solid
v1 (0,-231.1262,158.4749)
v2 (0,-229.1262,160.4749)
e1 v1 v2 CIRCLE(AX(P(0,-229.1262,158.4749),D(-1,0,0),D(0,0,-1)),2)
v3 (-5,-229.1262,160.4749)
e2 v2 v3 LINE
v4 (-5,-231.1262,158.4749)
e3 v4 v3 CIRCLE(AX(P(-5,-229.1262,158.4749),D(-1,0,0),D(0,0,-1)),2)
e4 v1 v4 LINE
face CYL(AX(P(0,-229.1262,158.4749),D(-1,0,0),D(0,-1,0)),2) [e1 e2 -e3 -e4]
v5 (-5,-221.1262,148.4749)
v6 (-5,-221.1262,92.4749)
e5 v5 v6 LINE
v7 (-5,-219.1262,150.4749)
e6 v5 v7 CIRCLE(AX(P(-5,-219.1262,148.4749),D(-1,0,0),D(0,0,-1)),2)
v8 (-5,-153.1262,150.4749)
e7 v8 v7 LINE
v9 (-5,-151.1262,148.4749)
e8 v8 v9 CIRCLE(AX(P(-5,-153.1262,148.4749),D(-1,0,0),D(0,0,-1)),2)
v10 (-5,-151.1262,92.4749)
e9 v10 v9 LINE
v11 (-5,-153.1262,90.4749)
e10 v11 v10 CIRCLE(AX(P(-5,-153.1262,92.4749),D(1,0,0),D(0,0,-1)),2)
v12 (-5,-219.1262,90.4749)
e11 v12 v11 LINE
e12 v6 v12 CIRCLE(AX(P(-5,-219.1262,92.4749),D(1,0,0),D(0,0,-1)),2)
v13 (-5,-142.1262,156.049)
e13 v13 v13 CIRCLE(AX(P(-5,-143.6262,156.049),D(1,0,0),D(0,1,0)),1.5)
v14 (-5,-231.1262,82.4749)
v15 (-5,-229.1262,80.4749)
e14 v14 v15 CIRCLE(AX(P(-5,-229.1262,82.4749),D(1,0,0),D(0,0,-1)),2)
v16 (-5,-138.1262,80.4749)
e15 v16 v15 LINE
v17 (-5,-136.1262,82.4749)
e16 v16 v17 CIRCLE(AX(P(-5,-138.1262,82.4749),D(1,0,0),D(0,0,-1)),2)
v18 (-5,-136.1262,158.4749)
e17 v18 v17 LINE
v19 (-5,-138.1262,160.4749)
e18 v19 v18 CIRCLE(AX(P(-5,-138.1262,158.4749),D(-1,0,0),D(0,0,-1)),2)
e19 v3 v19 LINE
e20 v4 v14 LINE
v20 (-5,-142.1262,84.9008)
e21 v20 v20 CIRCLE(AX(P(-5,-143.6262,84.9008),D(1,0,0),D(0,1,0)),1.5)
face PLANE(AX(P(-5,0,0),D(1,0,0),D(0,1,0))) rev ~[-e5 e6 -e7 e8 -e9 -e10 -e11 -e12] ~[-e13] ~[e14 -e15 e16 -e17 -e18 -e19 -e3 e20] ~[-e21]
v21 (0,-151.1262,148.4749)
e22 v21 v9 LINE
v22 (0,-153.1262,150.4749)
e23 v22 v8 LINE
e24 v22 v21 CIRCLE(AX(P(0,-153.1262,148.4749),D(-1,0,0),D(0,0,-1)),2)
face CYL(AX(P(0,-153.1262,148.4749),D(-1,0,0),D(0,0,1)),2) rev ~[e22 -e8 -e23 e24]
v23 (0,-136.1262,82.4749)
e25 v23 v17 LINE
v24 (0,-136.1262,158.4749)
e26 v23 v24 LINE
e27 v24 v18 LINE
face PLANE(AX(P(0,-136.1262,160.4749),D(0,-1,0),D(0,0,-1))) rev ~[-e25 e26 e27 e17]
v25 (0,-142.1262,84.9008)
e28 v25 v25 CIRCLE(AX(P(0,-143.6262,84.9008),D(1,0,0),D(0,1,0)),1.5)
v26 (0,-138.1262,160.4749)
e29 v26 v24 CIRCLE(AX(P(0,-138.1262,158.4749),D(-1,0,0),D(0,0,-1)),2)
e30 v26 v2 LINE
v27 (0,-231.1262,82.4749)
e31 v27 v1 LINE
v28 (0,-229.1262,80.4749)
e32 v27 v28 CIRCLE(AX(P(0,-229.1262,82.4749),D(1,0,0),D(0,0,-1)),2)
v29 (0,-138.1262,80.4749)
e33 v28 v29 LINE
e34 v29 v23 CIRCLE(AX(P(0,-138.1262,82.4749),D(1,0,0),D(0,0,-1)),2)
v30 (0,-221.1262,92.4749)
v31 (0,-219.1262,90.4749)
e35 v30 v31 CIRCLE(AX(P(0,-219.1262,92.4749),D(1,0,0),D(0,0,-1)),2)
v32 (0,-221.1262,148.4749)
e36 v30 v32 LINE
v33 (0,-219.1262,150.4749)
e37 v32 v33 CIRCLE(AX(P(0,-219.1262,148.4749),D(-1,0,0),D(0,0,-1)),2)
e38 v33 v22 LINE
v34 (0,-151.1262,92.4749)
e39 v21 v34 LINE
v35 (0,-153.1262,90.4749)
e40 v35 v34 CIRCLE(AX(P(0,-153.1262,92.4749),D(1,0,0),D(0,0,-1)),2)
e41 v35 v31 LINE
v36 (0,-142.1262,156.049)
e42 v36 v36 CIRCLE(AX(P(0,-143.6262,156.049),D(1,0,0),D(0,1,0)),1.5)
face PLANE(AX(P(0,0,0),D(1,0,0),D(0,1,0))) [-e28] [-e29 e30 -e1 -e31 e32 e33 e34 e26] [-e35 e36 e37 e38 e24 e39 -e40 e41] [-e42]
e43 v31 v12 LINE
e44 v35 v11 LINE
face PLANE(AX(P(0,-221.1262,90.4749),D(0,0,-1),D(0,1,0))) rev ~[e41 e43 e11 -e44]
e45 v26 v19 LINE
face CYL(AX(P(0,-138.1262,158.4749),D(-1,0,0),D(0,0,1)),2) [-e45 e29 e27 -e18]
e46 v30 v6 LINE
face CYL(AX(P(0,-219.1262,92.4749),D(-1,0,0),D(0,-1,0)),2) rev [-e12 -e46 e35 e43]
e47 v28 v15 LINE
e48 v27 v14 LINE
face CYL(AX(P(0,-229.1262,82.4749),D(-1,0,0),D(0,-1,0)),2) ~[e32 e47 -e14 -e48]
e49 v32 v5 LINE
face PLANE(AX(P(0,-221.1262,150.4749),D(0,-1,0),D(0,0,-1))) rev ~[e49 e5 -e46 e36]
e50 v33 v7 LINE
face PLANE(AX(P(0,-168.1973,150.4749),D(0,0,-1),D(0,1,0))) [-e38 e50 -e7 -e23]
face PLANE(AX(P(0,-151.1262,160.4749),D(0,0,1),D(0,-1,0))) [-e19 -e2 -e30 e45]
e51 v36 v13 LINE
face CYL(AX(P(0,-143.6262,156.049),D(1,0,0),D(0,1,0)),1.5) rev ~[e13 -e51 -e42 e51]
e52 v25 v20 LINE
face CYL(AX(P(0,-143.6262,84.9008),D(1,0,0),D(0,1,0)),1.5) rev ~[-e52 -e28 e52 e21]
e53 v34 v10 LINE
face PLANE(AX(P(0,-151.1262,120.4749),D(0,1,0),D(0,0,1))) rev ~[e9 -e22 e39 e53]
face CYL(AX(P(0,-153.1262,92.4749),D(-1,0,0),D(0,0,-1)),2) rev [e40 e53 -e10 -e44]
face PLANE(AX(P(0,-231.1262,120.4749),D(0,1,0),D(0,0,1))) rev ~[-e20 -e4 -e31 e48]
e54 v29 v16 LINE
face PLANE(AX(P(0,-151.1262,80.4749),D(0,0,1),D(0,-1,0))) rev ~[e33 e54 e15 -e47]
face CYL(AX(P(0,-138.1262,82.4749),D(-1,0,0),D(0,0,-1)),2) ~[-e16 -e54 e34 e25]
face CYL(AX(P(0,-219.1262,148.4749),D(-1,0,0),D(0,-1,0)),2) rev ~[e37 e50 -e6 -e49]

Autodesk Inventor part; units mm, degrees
ref_plane "YZ Plane" through (0, 0, 0) normal (1, 0, 0) x (0, 1, 0)
ref_plane "XZ Plane" through (0, 0, 0) normal (0, 1, 0) x (-1, 0, 0)
ref_plane "XY Plane" through (0, 0, 0) normal (0, 0, 1) x (1, 0, 0)
sketch "スケッチ1" plane through (0, 0, 0) normal (1, 0, 0) x (0, 1, 0)
  line L0 (-151.1262, 435.4749) -> (478.8738, 435.4749)
  line L1 (478.8738, 435.4749) -> (478.8738, -194.5251)
  line L2 (478.8738, -194.5251) -> (-151.1262, -194.5251)
  line L3 (-151.1262, -194.5251) -> (-151.1262, 435.4749)
  line L4 (-151.1262, 435.4749) -> (478.8738, -194.5251) construction
  line L5 (478.8738, 435.4749) -> (-151.1262, -194.5251) construction
  line L6 (-151.1262, 342.6932) -> (-136.1262, 342.6932)
  line L7 (-136.1262, 342.6932) -> (-136.1262, -101.7433)
  line L8 (-136.1262, -101.7433) -> (-151.1262, -101.7433)
  line L9 (-151.1262, -101.7433) -> (-151.1262, 342.6932)
  line L10 (386.092, 435.4749) -> (-58.3445, 435.4749)
  line L11 (-58.3445, 435.4749) -> (-58.3445, 420.4749)
  line L12 (-58.3445, 420.4749) -> (386.092, 420.4749)
  line L13 (386.092, 420.4749) -> (386.092, 435.4749)
  line L14 (-58.3445, 420.4749) -> (-136.1262, 342.6932)
  line L15 (-136.1262, 342.6932) -> (-136.1262, 435.4749)
  line L16 (-58.3445, 420.4749) -> (-136.1262, 342.6932)
  line L17 (-136.1262, 342.6932) -> (-129.0552, 335.6221)
  line L18 (-129.0552, 335.6221) -> (-51.2734, 413.4039)
  line L19 (-51.2734, 413.4039) -> (-58.3445, 420.4749)
  line L20 (53.0814, 420.4749) -> (-136.1262, 231.2673)
  line L21 (53.0814, 420.4749) -> (-136.1262, 231.2673)
  line L22 (-136.1262, 231.2673) -> (-129.0552, 224.1962)
  line L23 (-129.0552, 224.1962) -> (60.1525, 413.4039)
  line L24 (60.1525, 413.4039) -> (53.0814, 420.4749)
  line L25 (163.8738, 120.4749) -> (-792.7235, 120.4749)
  line L26 (-58.3445, -179.5251) -> (-136.1262, -101.7433)
  line L27 (-136.1262, -101.7433) -> (-129.0552, -94.6723)
  line L28 (-129.0552, -94.6723) -> (-51.2734, -172.454)
  line L29 (-51.2734, -172.454) -> (-58.3445, -179.5251)
  line L30 (53.0814, -179.5251) -> (-136.1262, 9.6826)
  line L31 (-136.1262, 9.6826) -> (-129.0552, 16.7536)
  line L32 (-129.0552, 16.7536) -> (60.1525, -172.454)
  line L33 (60.1525, -172.454) -> (53.0814, -179.5251)
  circle A0 centre (163.8738, 120.4749) radius 400
  line L34 (-166.1262, 145.4749) -> (-216.1262, 145.4749)
  line L35 (-216.1262, 145.4749) -> (-216.1262, 95.4749)
  line L36 (-216.1262, 95.4749) -> (-166.1262, 95.4749)
  line L37 (-166.1262, 95.4749) -> (-166.1262, 145.4749)
  line L38 (163.8738, 120.4749) -> (163.8738, -510.4429)
  line L39 (386.092, 420.4749) -> (463.8738, 342.6932)
  line L40 (463.8738, 342.6932) -> (456.8027, 335.6221)
  line L41 (456.8027, 335.6221) -> (379.0209, 413.4039)
  line L42 (379.0209, 413.4039) -> (386.092, 420.4749)
  line L43 (274.6661, 420.4749) -> (463.8738, 231.2673)
  line L44 (463.8738, 231.2673) -> (456.8027, 224.1962)
  line L45 (456.8027, 224.1962) -> (267.5951, 413.4039)
  line L46 (267.5951, 413.4039) -> (274.6661, 420.4749)
  line L47 (456.8027, 16.7536) -> (267.5951, -172.454)
  line L48 (463.8738, 9.6826) -> (456.8027, 16.7536)
  line L49 (274.6661, -179.5251) -> (463.8738, 9.6826)
  line L50 (267.5951, -172.454) -> (274.6661, -179.5251)
  line L51 (463.8738, -101.7433) -> (456.8027, -94.6723)
  line L52 (386.092, -179.5251) -> (463.8738, -101.7433)
  line L53 (456.8027, -94.6723) -> (379.0209, -172.454)
  line L54 (379.0209, -172.454) -> (386.092, -179.5251)
  line L55 (-151.1262, 160.4749) -> (-231.1262, 160.4749)
  line L56 (-231.1262, 160.4749) -> (-231.1262, 150.4749)
  line L57 (-231.1262, 150.4749) -> (-151.1262, 150.4749)
  line L58 (-151.1262, 150.4749) -> (-151.1262, 160.4749)
  line L59 (-231.1262, 150.4749) -> (-221.1262, 150.4749)
  line L60 (-221.1262, 150.4749) -> (-221.1262, 120.4749)
  line L61 (-221.1262, 120.4749) -> (-231.1262, 120.4749)
  line L62 (-231.1262, 120.4749) -> (-231.1262, 150.4749)
  line L63 (463.8738, 342.6932) -> (478.8738, 342.6932)
  line L64 (478.8738, 342.6932) -> (478.8738, -101.7433)
  line L65 (478.8738, -101.7433) -> (463.8738, -101.7433)
  line L66 (463.8738, -101.7433) -> (463.8738, 342.6932)
  line L67 (-58.3445, -194.5251) -> (386.092, -194.5251)
  line L68 (386.092, -194.5251) -> (386.092, -179.5251)
  line L69 (386.092, -179.5251) -> (-58.3445, -179.5251)
  line L70 (-58.3445, -179.5251) -> (-58.3445, -194.5251)
  line L71 (378.3744, 409.2217) -> (452.6206, 334.9755)
  line L72 (452.6206, 334.9755) -> (417.8105, 300.1654)
  line L73 (417.8105, 300.1654) -> (343.5643, 374.4116)
  line L74 (343.5643, 374.4116) -> (378.3744, 409.2217)
  line L75 (478.8738, 435.4749) -> (163.8738, 120.4749)
  line L76 (478.8738, 265.4749) -> (-151.1262, 265.4749)
  line L77 (-151.1262, 265.4749) -> (-151.1262, 245.4749)
  line L78 (-151.1262, 245.4749) -> (478.8738, 245.4749)
  line L79 (478.8738, 245.4749) -> (478.8738, 265.4749)
  line L80 (478.8738, -24.5251) -> (-151.1262, -24.5251)
  line L81 (-151.1262, -4.5251) -> (478.8738, -4.5251)
  line L82 (478.8738, 265.4749) -> (498.8738, 265.4749)
  line L83 (498.8738, 265.4749) -> (498.8738, 285.4749)
  line L84 (498.8738, 285.4749) -> (478.8738, 285.4749)
  line L85 (478.8738, 285.4749) -> (478.8738, 265.4749)
  line L86 (478.8738, -24.5251) -> (498.8738, -24.5251)
  line L87 (498.8738, -24.5251) -> (498.8738, -44.5251)
  line L88 (498.8738, -44.5251) -> (478.8738, -44.5251)
  line L89 (478.8738, -44.5251) -> (478.8738, -24.5251)
  line L90 (498.8738, 285.4749) -> (511.3738, 285.4749)
  line L91 (504.3091, -44.5251) -> (494.3091, -44.5251)
  circle A1 centre (675.8738, 120.4749) radius 122.5
  line L92 (478.8738, 265.4749) -> (498.8738, 265.4749)
  line L93 (498.8738, 265.4749) -> (498.8738, 245.4749)
  line L94 (498.8738, 245.4749) -> (478.8738, 245.4749)
  line L95 (478.8738, 245.4749) -> (478.8738, 265.4749)
  line L96 (478.8738, -24.5251) -> (498.8738, -24.5251)
  line L97 (498.8738, -24.5251) -> (498.8738, -4.5251)
  line L98 (498.8738, -4.5251) -> (478.8738, -4.5251)
  line L99 (478.8738, -4.5251) -> (478.8738, -24.5251)
  line L100 (289.8738, 265.4749) -> (309.8738, 265.4749)
  line L101 (309.8738, 265.4749) -> (309.8738, 285.4749)
  line L102 (309.8738, 285.4749) -> (289.8738, 285.4749)
  line L103 (289.8738, 285.4749) -> (289.8738, 265.4749)
  line L104 (-129.0552, 335.6221) -> (-151.1262, 335.6221)
  circle A2 centre (-143.6262, 352.4749) radius 1.5
  circle A3 centre (-143.6262, 342.4749) radius 1.5
  line L105 (-136.1262, 362.4749) -> (-151.1262, 362.4749)
  line L106 (-58.3445, 427.9749) -> (-143.6262, 427.9749)
  line L107 (-143.6262, 427.9749) -> (-143.6262, 362.4749)
  circle A4 centre (-68.1262, 427.9749) radius 1.5
  circle A5 centre (-58.1262, 427.9749) radius 1.5
  line L108 (-78.1262, 435.4749) -> (-78.1262, 420.4749)
  line L109 (-58.3445, 420.4749) -> (-78.1262, 420.4749)
  circle A6 centre (-68.1262, -187.0251) radius 1.5
  circle A7 centre (-58.1262, -187.0251) radius 1.5
  circle A8 centre (-143.6262, -111.5251) radius 1.5
  circle A9 centre (-143.6262, -101.5251) radius 1.5
  line L110 (-136.1262, -121.5251) -> (-151.1262, -121.5251)
  line L111 (-78.1262, -194.5251) -> (-78.1262, -179.5251)
  line L112 (405.8738, 435.4749) -> (405.8738, 420.4749)
  circle A10 centre (395.8738, 427.9749) radius 1.5
  circle A11 centre (385.8738, 427.9749) radius 1.5
  line L113 (463.8738, 362.4749) -> (478.8738, 362.4749)
  circle A12 centre (471.3738, 352.4749) radius 1.5
  circle A13 centre (471.3738, 342.4749) radius 1.5
  line L114 (463.8738, -121.5251) -> (478.8738, -121.5251)
  circle A14 centre (471.3738, -111.5251) radius 1.5
  circle A15 centre (471.3738, -101.5251) radius 1.5
  line L115 (405.8738, -194.5251) -> (405.8738, -179.5251)
  circle A16 centre (395.8738, -187.0251) radius 1.5
  circle A17 centre (385.8738, -187.0251) radius 1.5
  line L116 (-136.1262, -101.7433) -> (-136.1262, -121.5251)
  line L117 (-58.3445, -179.5251) -> (-78.1262, -179.5251)
  line L118 (405.8738, -179.5251) -> (386.092, -179.5251)
  line L119 (463.8738, -101.7433) -> (463.8738, -121.5251)
  line L120 (463.8738, 362.4749) -> (463.8738, 342.6932)
  line L121 (386.092, 420.4749) -> (405.8738, 420.4749)
  circle A18 centre (-129.0552, 342.6932) radius 1.5
  circle A19 centre (-121.9841, 349.7643) radius 1.5
  circle A20 centre (-129.0552, 231.2673) radius 1.5
  circle A21 centre (-121.9841, 238.3384) radius 1.5
  circle A22 centre (-65.4156, 406.3328) radius 1.5
  circle A23 centre (-58.3445, 413.4039) radius 1.5
  circle A24 centre (46.0103, 406.3328) radius 1.5
  circle A25 centre (53.0814, 413.4039) radius 1.5
  circle A26 centre (-58.3445, -172.454) radius 1.5
  circle A27 centre (-65.4156, -165.3829) radius 1.5
  circle A28 centre (53.0814, -172.454) radius 1.5
  circle A29 centre (46.0103, -165.3829) radius 1.5
  circle A30 centre (-129.0552, -101.7433) radius 1.5
  circle A31 centre (-121.9841, -108.8144) radius 1.5
  circle A32 centre (-121.9841, 2.6115) radius 1.5
  circle A33 centre (-129.0552, 9.6826) radius 1.5
  circle A34 centre (456.8027, 9.6826) radius 1.5
  circle A35 centre (449.7316, 2.6115) radius 1.5
  circle A36 centre (456.8027, -101.7433) radius 1.5
  circle A37 centre (449.7316, -108.8144) radius 1.5
  circle A38 centre (393.1631, -165.3829) radius 1.5
  circle A39 centre (386.092, -172.454) radius 1.5
  circle A40 centre (281.7372, -165.3829) radius 1.5
  circle A41 centre (274.6661, -172.454) radius 1.5
  circle A42 centre (449.7316, 238.3384) radius 1.5
  circle A43 centre (456.8027, 231.2673) radius 1.5
  circle A44 centre (456.8027, 342.6932) radius 1.5
  circle A45 centre (449.7316, 349.7643) radius 1.5
  circle A46 centre (393.1631, 406.3328) radius 1.5
  circle A47 centre (386.092, 413.4039) radius 1.5
  circle A48 centre (274.6661, 413.4039) radius 1.5
  circle A49 centre (281.7372, 406.3328) radius 1.5
  circle A50 centre (-143.6262, 231.049) radius 1.5
  circle A51 centre (-143.6262, 241.049) radius 1.5
  circle A52 centre (43.2996, 427.9749) radius 1.5
  circle A53 centre (53.2996, 427.9749) radius 1.5
  circle A54 centre (-143.6262, 9.9008) radius 1.5
  circle A55 centre (-143.6262, -0.0992) radius 1.5
  circle A56 centre (43.2996, -187.0251) radius 1.5
  circle A57 centre (53.2996, -187.0251) radius 1.5
  circle A58 centre (274.4479, 427.9749) radius 1.5
  circle A59 centre (284.4479, 427.9749) radius 1.5
  circle A60 centre (471.3738, 241.049) radius 1.5
  circle A61 centre (471.3738, 231.049) radius 1.5
  circle A62 centre (471.3738, -0.0992) radius 1.5
  circle A63 centre (471.3738, 9.9008) radius 1.5
  circle A64 centre (284.4479, -187.0251) radius 1.5
  circle A65 centre (274.4479, -187.0251) radius 1.5
  circle A66 centre (471.3738, 255.4749) radius 1.5
  circle A67 centre (471.3738, -14.5251) radius 1.5
  circle A68 centre (-143.6262, -14.5251) radius 1.5
  circle A69 centre (-143.6262, 255.4749) radius 1.5
  circle A70 centre (314.8738, 255.4749) radius 1.5
  circle A71 centre (314.8738, -14.5251) radius 1.5
  circle A72 centre (-211.1262, 140.4749) radius 1.5
  line L122 (-191.1262, 145.4749) -> (-191.1262, 95.4749)
  circle A73 centre (-211.1262, 100.4749) radius 1.5
  circle A74 centre (-171.1262, 140.4749) radius 1.5
  circle A75 centre (-171.1262, 100.4749) radius 1.5
  circle A76 centre (-143.6262, 120.4749) radius 1.5
  circle A77 centre (-143.6262, 156.049) radius 1.5
  circle A78 centre (-171.1262, 155.4749) radius 1.5
  circle A79 centre (-211.1262, 155.4749) radius 1.5
  circle A80 centre (-226.1262, 135.4749) radius 1.5
  circle A81 centre (-226.1262, 105.4749) radius 1.5
  line L123 (-231.1262, 120.4749) -> (-231.1262, 90.4749)
  line L124 (-231.1262, 90.4749) -> (-151.1262, 90.4749)
  line L125 (-221.1262, 90.4749) -> (-221.1262, 120.4749)
  line L126 (-151.1262, 80.4749) -> (-231.1262, 80.4749)
  line L127 (-231.1262, 80.4749) -> (-231.1262, 90.4749)
  circle A82 centre (-211.1262, 85.4749) radius 1.5
  circle A83 centre (-171.1262, 85.4749) radius 1.5
  circle A84 centre (-143.6262, 84.9008) radius 1.5
  circle A85 centre (-191.1262, 120.4749) radius 10
  line L128 (-216.1262, 145.4749) -> (-191.1262, 120.4749)
  line L129 (-219.6618, 141.9394) -> (-194.6618, 116.9394)
  line L130 (-219.6618, 141.9394) -> (-221.1262, 143.4039)
  line L131 (-212.5907, 149.0105) -> (-187.5907, 124.0105)
  line L132 (-212.5907, 149.0105) -> (-214.0552, 150.4749)
  line L133 (-212.5907, 91.9394) -> (-187.5907, 116.9394)
  line L134 (-219.6618, 99.0105) -> (-194.6618, 124.0105)
  line L135 (-169.6618, 149.0105) -> (-194.6618, 124.0105)
  line L136 (-169.6618, 91.9394) -> (-194.6618, 116.9394)
  line L137 (-219.6618, 99.0105) -> (-221.1262, 97.546)
  line L138 (-212.5907, 91.9394) -> (-214.0552, 90.4749)
  line L139 (-169.6618, 149.0105) -> (-168.1973, 150.4749)
  line L140 (-169.6618, 91.9394) -> (-168.1973, 90.4749)
  line L141 (-151.1262, 160.4749) -> (-136.1262, 160.4749)
  line L142 (-151.1262, 80.4749) -> (-136.1262, 80.4749)
  line L143 (-151.1262, 150.4749) -> (-136.1262, 150.4749)
  line L144 (-151.1262, 90.4749) -> (-136.1262, 90.4749)
  point P0 (0, 0)
  point P1 (-151.1262, -24.5251)
  point P2 (478.8738, -4.5251)
  point P3 (-151.1262, 265.4749)
  dimension "d0" = 3
  dimension "d1" = 68
  dimension "d2" = 7.5
  dimension "d3" = 3
  dimension "d4" = 10
  dimension "d5" = 7.5
  dimension "d6" = 10
  dimension "d7" = 3
  dimension "d8" = 3
  dimension "d9" = 10
  dimension "d10" = 68
  dimension "d11" = 7.5
  dimension "d12" = 7.5
  dimension "d13" = 10
  dimension "d14" = 3
  dimension "d15" = 3
  dimension "d16" = 5
  dimension "d17" = 10
  dimension "d18" = 5
  dimension "d19" = 5
  dimension "d20" = 3
  dimension "d21" = 3
  dimension "d22" = 5
  dimension "d23" = 10
  dimension "d24" = 5
  dimension "d25" = 5
  dimension "d26" = 0.2182
  dimension "d27" = 3
  dimension "d28" = 7.5
  dimension "d29" = 0.2182
  dimension "d30" = 3
  dimension "d31" = 10
  dimension "d32" = 7.5
  dimension "d33" = 3
  dimension "d34" = 7.5
  dimension "d35" = 10
  dimension "d36" = 3
  dimension "d37" = 5
  dimension "d38" = 10
  dimension "d39" = 3
  dimension "d40" = 5
  dimension "d41" = 5
  dimension "d42" = 3
  dimension "d43" = 3
  dimension "d44" = 7.5
  dimension "d45" = 7.5
  dimension "d46" = 75
  dimension "d47" = 3
  dimension "d48" = 3
  dimension "d49" = 5
  dimension "d50" = 5
  dimension "d51" = 20
  dimension "d52" = 20
  dimension "d53" = 3
  dimension "d54" = 15
  dimension "d55" = 5
  dimension "d56" = 20
  dimension "d57" = 5
  dimension "d58" = 5
extrude "押し出し1" add sketch "スケッチ1" against normal blind 5 contours L62 L57 L60 L25 | L25 L125 L124 L123 | L56 L55 L3 L57 | L124 L3 L126 L127 | L141 L7 L143 L3 | L3 L144 L7 L142 | L143 L7 L25 A76 L3 | L3 L25 A76 L7 L144 | A76 L25 | L25 A76 | A78 | A79 | A80 | A81 | A82 | A83
fillet "フィレット1" radius 2 8 edges at (-2.5, -231.1262, 160.4749) (-2.5, -231.1262, 80.4749) (-2.5, -136.1262, 80.4749) (-2.5, -136.1262, 160.4749) (-2.5, -221.1262, 90.4749) (-2.5, -221.1262, 150.4749) (-2.5, -151.1262, 90.4749) (-2.5, -151.1262, 150.4749)
equation "\"d5\" = d2"
equation "\"d12\" = d11"
equation "\"d19\" = d18"
equation "\"d25\" = d24"
equation "\"d29\" = d26"
equation "\"d32\" = d28"
equation "\"d45\" = d44"
equation "\"d50\" = d49"
properties part number "base_weel-v1-Plate-lider-C" material "アルミニウム 6061"
